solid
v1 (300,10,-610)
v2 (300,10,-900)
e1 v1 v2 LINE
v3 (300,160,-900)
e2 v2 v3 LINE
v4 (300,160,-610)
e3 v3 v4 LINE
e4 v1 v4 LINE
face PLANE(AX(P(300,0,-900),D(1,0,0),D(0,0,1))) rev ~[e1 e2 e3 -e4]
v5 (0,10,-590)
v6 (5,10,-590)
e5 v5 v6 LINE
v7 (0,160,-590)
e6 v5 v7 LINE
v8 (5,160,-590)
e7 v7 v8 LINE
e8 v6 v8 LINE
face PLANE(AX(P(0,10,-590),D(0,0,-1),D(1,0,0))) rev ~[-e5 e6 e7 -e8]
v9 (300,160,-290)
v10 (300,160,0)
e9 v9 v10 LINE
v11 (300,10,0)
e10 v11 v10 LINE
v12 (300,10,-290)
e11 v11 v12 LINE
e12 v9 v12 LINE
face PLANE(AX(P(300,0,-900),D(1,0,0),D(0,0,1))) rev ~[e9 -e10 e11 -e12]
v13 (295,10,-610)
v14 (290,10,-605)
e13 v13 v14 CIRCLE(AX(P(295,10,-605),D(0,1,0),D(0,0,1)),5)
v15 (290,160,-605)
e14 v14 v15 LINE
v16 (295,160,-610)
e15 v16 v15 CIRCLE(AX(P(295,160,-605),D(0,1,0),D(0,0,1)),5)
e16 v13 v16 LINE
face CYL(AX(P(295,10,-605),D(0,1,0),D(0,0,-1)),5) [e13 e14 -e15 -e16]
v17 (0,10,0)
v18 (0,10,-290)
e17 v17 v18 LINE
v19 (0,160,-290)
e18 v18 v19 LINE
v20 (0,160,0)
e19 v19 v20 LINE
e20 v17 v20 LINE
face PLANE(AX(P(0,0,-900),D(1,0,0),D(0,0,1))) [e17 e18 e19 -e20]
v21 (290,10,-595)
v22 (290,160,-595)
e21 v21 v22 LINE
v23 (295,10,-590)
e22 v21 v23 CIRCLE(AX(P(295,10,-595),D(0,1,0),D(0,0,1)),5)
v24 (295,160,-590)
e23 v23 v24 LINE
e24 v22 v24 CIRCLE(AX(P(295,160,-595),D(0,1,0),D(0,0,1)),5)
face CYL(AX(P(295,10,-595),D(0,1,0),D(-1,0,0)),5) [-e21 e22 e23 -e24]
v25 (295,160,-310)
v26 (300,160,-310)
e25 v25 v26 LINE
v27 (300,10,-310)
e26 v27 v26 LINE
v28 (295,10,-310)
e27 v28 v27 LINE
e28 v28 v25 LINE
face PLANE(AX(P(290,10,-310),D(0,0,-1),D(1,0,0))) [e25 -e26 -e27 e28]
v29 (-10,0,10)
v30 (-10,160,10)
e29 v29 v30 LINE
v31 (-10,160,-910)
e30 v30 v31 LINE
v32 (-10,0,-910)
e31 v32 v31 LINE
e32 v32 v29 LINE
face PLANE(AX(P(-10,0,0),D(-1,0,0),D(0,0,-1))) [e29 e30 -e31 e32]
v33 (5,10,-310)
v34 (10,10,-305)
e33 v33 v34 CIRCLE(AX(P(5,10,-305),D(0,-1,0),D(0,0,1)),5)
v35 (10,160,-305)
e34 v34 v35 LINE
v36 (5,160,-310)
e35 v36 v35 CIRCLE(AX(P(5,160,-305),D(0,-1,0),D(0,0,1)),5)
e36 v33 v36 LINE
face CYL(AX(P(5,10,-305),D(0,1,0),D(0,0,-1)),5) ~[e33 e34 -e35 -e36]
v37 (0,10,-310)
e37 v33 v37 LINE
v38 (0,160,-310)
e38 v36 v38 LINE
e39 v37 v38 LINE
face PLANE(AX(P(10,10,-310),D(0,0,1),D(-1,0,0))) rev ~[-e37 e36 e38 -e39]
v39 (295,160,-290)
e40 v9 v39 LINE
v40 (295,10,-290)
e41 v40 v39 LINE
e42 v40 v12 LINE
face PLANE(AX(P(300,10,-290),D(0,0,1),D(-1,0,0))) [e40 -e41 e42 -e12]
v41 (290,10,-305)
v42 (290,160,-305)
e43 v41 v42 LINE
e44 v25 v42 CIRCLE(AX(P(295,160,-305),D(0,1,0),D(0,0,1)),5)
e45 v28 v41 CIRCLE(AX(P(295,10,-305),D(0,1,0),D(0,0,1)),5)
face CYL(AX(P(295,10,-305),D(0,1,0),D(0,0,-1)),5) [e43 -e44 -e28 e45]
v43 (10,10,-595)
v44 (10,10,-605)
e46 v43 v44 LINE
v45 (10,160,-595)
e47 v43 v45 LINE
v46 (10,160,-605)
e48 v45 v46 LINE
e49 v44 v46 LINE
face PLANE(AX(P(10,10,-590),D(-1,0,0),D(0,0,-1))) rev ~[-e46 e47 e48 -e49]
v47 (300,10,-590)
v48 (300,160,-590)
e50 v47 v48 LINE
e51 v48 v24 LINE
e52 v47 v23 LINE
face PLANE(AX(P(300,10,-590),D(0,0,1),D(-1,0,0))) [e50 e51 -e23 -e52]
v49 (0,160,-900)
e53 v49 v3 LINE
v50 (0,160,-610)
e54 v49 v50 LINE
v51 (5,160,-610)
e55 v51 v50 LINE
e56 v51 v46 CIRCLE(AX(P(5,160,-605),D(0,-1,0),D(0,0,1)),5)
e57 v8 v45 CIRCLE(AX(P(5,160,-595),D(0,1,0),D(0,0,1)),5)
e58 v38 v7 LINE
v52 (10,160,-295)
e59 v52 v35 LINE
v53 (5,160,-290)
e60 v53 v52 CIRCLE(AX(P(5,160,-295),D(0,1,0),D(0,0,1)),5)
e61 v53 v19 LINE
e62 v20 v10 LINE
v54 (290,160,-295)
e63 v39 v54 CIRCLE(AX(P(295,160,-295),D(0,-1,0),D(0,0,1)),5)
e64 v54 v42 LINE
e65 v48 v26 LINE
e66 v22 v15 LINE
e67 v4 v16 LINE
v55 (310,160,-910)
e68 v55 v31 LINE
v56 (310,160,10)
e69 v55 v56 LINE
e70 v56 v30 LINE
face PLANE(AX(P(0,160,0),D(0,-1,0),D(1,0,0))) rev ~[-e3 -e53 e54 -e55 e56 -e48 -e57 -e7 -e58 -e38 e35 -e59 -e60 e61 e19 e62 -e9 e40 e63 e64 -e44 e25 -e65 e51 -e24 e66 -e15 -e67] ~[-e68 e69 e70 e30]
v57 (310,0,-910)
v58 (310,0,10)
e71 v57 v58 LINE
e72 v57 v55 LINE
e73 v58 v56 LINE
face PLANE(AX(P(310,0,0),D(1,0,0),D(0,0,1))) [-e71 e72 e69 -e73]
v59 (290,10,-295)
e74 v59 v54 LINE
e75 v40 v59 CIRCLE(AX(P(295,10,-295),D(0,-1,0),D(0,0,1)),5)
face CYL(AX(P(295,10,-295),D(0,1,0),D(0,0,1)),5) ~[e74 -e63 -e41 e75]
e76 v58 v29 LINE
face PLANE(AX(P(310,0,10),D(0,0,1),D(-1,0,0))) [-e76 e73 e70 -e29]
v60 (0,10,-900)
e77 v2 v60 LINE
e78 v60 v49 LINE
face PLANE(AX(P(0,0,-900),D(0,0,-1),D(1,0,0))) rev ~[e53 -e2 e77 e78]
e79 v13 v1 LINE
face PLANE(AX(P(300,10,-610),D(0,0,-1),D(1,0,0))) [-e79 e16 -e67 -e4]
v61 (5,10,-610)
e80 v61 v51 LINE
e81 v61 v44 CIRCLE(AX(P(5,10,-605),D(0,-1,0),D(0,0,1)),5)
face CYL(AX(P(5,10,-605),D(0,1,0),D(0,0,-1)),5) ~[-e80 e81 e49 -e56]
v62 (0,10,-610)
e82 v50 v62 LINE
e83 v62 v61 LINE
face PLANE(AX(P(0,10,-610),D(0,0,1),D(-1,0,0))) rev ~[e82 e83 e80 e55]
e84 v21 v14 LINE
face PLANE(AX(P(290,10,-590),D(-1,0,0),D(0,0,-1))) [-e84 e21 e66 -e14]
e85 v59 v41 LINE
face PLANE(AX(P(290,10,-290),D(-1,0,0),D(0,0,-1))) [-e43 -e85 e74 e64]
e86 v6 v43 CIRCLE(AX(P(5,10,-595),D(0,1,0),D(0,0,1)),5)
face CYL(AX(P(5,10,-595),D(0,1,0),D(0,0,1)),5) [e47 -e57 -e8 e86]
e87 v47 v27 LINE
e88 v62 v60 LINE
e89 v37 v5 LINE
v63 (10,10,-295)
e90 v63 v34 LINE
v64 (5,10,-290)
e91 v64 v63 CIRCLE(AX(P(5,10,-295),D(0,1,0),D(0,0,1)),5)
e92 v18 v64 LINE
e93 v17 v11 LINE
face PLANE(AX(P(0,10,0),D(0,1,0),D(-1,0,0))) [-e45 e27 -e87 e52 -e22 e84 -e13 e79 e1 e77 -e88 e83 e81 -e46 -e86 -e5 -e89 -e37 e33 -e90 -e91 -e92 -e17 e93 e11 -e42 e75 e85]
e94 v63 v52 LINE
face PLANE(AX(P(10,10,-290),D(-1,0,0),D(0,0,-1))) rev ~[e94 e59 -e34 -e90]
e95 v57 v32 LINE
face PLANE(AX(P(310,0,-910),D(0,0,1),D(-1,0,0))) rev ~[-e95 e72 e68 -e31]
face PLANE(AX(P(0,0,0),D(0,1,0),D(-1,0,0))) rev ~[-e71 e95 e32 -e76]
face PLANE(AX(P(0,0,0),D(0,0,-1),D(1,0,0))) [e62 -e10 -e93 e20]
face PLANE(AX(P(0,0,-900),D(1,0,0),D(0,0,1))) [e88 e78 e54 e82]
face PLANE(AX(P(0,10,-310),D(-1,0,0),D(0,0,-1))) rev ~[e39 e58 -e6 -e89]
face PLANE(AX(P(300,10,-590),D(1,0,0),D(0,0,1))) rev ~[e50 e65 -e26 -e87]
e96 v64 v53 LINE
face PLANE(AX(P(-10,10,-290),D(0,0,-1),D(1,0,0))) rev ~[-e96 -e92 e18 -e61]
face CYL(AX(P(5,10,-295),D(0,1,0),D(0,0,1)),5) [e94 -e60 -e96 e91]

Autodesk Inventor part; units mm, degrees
ref_plane "YZ Plane" through (0, 0, 0) normal (1, 0, 0) x (0, 1, 0)
ref_plane "XZ Plane" through (0, 0, 0) normal (0, 1, 0) x (-1, 0, 0)
ref_plane "XY Plane" through (0, 0, 0) normal (0, 0, 1) x (1, 0, 0)
sketch "Эскиз1" plane through (0, 0, 0) normal (0, 1, 0) x (-1, 0, 0)
  line L0 (0, 0) -> (-300, 0)
  line L1 (-300, 0) -> (-300, -900)
  line L2 (-300, -900) -> (0, -900)
  line L3 (0, -900) -> (0, 0)
  line L4 (-300, 0) -> (0, 0)
  line L5 (0, 0) -> (0, -300)
  line L6 (0, -300) -> (-300, -300)
  line L7 (-300, -300) -> (-300, 0)
  line L8 (0, -900) -> (-300, -900)
  line L9 (-300, -900) -> (-300, -600)
  line L10 (-300, -600) -> (0, -600)
  line L11 (0, -600) -> (0, -900)
  dimension "d0" = 300
  dimension "d1" = 900
extrude "Выдавливание1" add sketch "Эскиз1" along normal blind 10
sketch "Эскиз2" plane through (0, 0, 0) normal (0, -1, 0) x (1, 0, 0)
  line L0 (0, -900) -> (0, 0) projected
  line L1 (0, 0) -> (-10, 0)
  line L2 (-10, 0) -> (-10, -900)
  line L3 (-10, -900) -> (0, -900)
  line L4 (0, -900) -> (0, 0)
  line L5 (0, 0) -> (300, 0) projected
  line L6 (300, 0) -> (310, 0)
  line L7 (310, 0) -> (310, -900)
  line L8 (310, -900) -> (300, -900)
  line L9 (300, -900) -> (300, 0)
  line L10 (-10, -900) -> (310, -900)
  line L11 (310, -900) -> (310, -910)
  line L12 (310, -910) -> (-10, -910)
  line L13 (-10, -910) -> (-10, -900)
  line L14 (-10, 0) -> (310, 0)
  line L15 (310, 0) -> (310, 10)
  line L16 (310, 10) -> (-10, 10)
  line L17 (-10, 10) -> (-10, 0)
  dimension "d8" = 10
  dimension "d9" = 10
  dimension "d10" = 10
  dimension "d11" = 10
extrude "Выдавливание2" add sketch "Эскиз2" against normal blind 160 contours L3 L2 L1 L0 | L10 L8 L11 L12 L13 L3 | L1 L17 L16 L15 L6 L5 | L9 L6 L7 L8
ref_plane "РабПлоскость2" through (150, 0, 10) normal (1, 0, 0) x (0, 0, -1)
ref_plane "РабПлоскость3" through (-10, 0, -450) normal (0, 0, 1) x (1, 0, 0)
sketch "Эскиз3" plane through (0, 10, 0) normal (0, 1, 0) x (1, 0, 0)
  line L0 (300, 0) -> (0, 0) projected
  line L1 (300, 0) -> (300, 300)
  line L2 (300, 900) -> (300, 0) projected
  line L3 (300, 300) -> (300, 600)
  line L4 (310, -10) -> (310, 910) projected
  line L5 (290, 610) -> (310, 610)
  line L6 (310, 610) -> (310, 590)
  line L7 (310, 590) -> (290, 590)
  line L8 (290, 590) -> (290, 610)
  line L9 (290, 610) -> (310, 590) construction
  line L10 (310, 610) -> (290, 590) construction
  line L11 (290, 310) -> (310, 310)
  line L12 (310, 310) -> (310, 290)
  line L13 (310, 290) -> (290, 290)
  line L14 (290, 290) -> (290, 310)
  line L15 (290, 310) -> (310, 290) construction
  line L16 (310, 310) -> (290, 290) construction
  line L17 (10, 610) -> (-10, 610)
  line L18 (-10, 610) -> (-10, 590)
  line L19 (-10, 590) -> (10, 590)
  line L20 (10, 590) -> (10, 610)
  line L21 (0, 0) -> (0, 900) projected
  line L22 (10, 610) -> (-10, 590) construction
  line L23 (-10, 610) -> (10, 590) construction
  line L24 (-10, 910) -> (-10, -10) projected
  line L25 (10, 310) -> (-10, 310)
  line L26 (-10, 310) -> (-10, 290)
  line L27 (-10, 290) -> (10, 290)
  line L28 (10, 290) -> (10, 310)
  line L29 (10, 310) -> (-10, 290) construction
  line L30 (-10, 310) -> (10, 290) construction
  point P0 (0, 600)
  point P1 (0, 300)
  point P2 (0, 310)
  point P3 (0, 590)
  point P4 (300, 590)
  point P5 (300, 310)
  dimension "d14" = 300
  dimension "d15" = 300
  dimension "d16" = 20
  dimension "d17" = 20
extrude "Выдавливание3" add sketch "Эскиз3" along normal blind 150
fillet "Сопряжение1" radius 5 8 edges at (290, 85, -610) (290, 85, -590) (290, 85, -310) (290, 85, -290) (10, 85, -310) (10, 85, -290) (10, 85, -610) (10, 85, -590)
properties part number "lab"
